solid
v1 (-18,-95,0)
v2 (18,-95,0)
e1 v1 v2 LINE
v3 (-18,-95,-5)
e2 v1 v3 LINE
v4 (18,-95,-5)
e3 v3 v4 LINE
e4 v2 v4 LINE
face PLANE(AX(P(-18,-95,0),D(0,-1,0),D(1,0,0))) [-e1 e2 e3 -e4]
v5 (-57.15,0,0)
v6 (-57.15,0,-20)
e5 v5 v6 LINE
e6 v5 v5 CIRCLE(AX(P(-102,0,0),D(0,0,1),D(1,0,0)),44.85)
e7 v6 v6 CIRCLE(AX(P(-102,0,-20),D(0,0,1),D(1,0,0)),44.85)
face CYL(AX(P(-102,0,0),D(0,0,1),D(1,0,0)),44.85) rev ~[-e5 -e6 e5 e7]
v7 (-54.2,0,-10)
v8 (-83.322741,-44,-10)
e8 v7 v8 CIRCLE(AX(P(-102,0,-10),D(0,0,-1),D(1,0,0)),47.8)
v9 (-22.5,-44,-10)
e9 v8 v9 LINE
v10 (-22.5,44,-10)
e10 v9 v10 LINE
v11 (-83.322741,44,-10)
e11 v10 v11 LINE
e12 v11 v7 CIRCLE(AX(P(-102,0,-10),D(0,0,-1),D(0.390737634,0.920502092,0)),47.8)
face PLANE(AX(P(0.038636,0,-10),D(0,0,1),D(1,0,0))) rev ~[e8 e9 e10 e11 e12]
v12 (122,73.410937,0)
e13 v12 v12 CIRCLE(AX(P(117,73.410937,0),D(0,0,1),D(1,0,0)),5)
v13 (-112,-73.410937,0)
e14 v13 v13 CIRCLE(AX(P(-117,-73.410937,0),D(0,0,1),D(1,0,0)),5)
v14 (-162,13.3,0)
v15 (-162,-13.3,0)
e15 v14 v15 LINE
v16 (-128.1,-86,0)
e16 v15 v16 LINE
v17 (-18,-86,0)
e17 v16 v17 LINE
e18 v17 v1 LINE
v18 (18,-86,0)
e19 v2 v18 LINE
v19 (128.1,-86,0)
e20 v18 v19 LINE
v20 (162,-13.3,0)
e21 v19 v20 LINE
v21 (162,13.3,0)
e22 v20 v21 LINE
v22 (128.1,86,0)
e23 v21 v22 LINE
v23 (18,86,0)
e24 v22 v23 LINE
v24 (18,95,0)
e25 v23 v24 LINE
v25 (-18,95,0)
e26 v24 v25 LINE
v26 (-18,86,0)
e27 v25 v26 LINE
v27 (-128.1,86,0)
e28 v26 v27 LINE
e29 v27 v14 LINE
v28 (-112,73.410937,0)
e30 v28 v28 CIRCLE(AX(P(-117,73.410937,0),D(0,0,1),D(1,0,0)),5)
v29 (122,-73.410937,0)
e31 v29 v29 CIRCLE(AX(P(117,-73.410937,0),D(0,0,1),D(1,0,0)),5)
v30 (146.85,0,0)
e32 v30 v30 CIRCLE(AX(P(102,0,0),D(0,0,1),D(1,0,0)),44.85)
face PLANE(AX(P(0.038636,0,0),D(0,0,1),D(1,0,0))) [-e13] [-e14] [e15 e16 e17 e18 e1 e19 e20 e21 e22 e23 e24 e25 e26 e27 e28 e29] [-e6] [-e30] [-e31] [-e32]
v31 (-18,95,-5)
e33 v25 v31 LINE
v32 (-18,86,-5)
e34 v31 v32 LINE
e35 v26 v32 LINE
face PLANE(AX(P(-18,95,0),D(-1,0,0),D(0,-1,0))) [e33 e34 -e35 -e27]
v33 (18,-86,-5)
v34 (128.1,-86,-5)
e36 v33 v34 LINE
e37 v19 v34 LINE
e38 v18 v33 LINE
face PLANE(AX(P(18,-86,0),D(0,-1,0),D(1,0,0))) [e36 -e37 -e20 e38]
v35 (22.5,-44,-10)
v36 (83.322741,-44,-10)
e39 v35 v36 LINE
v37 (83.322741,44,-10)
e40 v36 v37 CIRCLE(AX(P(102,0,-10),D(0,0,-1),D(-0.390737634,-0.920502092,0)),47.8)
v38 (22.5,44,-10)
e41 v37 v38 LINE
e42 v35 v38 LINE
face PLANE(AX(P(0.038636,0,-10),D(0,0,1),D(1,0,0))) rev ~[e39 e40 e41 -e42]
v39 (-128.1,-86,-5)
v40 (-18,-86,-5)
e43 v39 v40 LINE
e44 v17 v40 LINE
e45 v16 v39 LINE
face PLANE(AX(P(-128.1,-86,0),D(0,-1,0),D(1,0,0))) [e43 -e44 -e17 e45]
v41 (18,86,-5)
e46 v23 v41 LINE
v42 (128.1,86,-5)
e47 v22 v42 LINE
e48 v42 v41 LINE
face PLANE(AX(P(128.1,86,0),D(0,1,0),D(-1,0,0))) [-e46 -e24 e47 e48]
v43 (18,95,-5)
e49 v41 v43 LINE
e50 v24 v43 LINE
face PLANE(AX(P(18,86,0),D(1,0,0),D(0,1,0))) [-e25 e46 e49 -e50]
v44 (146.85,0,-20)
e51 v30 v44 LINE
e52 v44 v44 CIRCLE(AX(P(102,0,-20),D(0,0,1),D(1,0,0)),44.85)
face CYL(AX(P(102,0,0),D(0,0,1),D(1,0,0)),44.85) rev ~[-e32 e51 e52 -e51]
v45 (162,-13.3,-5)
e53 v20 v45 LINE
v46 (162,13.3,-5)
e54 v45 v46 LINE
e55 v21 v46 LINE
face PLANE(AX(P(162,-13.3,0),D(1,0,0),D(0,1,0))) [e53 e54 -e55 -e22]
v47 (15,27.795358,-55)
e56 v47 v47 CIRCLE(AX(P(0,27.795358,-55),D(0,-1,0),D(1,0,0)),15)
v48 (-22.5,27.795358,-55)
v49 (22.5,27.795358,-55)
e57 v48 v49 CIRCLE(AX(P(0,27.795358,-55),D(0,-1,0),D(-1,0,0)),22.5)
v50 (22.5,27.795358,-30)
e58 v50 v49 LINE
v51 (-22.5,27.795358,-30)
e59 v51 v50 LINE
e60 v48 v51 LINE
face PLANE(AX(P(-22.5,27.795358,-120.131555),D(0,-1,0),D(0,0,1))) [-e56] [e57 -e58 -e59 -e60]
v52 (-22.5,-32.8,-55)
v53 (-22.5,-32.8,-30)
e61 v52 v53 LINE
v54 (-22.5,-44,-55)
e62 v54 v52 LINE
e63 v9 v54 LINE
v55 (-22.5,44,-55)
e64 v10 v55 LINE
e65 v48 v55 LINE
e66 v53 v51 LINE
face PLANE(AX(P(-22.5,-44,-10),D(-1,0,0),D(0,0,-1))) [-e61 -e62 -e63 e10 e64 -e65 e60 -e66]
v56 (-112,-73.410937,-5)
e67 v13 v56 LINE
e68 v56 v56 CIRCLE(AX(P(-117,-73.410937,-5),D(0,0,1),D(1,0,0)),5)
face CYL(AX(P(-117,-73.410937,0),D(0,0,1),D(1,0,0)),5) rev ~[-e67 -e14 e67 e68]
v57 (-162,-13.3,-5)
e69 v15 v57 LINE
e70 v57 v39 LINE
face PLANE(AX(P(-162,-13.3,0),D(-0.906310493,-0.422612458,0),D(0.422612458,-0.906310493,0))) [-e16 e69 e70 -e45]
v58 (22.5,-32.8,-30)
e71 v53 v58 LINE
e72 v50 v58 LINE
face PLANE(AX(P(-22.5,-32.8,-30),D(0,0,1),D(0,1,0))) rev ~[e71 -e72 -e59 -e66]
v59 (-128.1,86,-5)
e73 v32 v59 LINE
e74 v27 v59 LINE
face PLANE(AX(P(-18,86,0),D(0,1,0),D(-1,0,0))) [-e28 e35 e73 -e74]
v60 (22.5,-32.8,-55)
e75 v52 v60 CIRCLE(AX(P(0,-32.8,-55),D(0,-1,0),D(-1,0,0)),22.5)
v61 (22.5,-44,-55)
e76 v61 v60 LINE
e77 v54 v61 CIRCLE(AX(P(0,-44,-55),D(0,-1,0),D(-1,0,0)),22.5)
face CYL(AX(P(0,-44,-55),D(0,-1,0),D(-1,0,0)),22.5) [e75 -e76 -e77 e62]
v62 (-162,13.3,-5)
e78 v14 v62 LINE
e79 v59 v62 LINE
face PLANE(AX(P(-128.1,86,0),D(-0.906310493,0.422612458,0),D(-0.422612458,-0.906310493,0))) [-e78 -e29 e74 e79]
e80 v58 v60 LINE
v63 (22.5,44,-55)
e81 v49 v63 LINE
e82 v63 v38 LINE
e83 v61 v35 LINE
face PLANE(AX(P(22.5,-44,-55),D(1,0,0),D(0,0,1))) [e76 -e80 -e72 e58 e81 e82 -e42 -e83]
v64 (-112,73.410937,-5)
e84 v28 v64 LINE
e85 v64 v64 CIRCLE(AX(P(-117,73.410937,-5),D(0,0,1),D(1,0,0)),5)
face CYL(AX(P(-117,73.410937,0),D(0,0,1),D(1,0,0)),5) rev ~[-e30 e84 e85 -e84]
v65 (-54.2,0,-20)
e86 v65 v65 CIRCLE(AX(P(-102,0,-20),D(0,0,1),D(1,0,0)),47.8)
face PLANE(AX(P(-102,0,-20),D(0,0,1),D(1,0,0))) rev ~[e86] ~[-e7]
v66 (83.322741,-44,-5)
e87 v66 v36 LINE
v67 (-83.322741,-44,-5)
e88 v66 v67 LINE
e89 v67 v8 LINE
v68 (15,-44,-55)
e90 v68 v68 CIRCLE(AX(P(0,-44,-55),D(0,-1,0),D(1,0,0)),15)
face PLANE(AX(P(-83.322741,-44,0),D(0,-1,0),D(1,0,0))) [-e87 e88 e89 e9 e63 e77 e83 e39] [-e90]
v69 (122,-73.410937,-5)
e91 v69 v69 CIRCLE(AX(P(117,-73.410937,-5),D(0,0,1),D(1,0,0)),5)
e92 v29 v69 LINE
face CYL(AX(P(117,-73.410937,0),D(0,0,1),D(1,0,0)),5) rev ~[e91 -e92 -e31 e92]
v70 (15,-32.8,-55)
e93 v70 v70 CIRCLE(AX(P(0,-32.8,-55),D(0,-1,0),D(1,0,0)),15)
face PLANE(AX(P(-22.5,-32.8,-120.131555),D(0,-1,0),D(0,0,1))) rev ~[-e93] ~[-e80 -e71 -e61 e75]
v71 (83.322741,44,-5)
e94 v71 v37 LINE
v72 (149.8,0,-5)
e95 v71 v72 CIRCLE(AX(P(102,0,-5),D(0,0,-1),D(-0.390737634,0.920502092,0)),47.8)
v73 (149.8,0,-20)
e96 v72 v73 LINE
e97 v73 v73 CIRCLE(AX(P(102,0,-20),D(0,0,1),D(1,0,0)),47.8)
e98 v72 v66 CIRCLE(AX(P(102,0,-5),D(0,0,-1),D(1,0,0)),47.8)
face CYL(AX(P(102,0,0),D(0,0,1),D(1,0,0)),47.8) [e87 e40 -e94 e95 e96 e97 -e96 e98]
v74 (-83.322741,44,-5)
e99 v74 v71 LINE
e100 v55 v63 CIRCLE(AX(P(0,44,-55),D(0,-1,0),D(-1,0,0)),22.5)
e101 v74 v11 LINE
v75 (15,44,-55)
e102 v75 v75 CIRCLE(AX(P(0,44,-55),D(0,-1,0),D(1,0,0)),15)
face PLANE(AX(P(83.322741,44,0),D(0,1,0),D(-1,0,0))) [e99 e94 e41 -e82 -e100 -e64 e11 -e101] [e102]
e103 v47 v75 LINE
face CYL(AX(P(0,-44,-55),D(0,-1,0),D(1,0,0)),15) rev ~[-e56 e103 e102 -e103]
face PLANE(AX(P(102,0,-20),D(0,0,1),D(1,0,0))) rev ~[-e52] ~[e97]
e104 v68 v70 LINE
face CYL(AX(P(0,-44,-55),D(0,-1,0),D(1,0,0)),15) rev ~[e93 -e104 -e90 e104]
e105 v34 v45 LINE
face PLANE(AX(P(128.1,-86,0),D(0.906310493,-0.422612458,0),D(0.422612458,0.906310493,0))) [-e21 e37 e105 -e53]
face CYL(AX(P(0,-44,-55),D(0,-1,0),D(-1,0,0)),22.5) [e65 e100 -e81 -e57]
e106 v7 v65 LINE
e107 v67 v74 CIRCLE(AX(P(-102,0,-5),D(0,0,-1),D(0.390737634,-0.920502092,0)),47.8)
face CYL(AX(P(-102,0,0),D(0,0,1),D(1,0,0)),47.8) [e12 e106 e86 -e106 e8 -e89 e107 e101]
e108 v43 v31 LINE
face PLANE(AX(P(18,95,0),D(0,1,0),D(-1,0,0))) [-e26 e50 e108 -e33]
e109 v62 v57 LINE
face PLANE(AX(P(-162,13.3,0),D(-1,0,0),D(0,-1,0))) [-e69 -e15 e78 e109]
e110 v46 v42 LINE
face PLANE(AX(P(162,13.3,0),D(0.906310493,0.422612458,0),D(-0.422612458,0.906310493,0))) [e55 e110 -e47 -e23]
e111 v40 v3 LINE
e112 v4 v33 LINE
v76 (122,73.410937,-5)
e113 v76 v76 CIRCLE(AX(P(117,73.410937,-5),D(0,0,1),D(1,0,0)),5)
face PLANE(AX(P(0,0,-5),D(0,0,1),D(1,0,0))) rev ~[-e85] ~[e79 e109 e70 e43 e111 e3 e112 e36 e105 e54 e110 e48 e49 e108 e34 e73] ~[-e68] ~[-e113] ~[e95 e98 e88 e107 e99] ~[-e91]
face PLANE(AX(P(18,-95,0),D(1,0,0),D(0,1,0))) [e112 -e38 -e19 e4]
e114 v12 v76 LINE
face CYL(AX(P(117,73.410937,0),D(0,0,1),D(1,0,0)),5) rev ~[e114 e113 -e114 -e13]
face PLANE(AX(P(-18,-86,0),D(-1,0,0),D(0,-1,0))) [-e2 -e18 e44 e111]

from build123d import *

# Parameters (mm, degrees)
SKETCH1_R           = 5
BOSS_EXTRUDE3_DEPTH = 5
BOSS_EXTRUDE4_DEPTH = 10
SKETCH1_6_R         = 47.8
SKETCH1_6_R_2       = 44.85
BOSS_EXTRUDE5_DEPTH = 20
SKETCH2_R           = 15
BOSS_EXTRUDE6_DEPTH = 88
SKETCH3_W           = 90.131554877
SKETCH3_H           = 60.595357862
CUT_EXTRUDE1_DEPTH  = 57


with BuildPart() as part:
    # Sketch1 → Boss-Extrude3 (new body)
    with BuildSketch(Plane.XY):
        Polygon((-18, 86), (-128.1, 86), (-162, 13.3), (-162, -13.3), (-128.1, -86), (-18, -86), (-18, -95), (18, -95), (18, -86), (128.1, -86), (162, -13.3), (162, 13.3), (128.1, 86), (18, 86), (18, 95), (-18, 95), align=None)
        with Locations((-117, -73.410936815)):
            Circle(SKETCH1_R, mode=Mode.SUBTRACT)
        with Locations((117, -73.410936815)):
            Circle(SKETCH1_R, mode=Mode.SUBTRACT)
        with BuildLine():
            ThreePointArc((-83.3227411, -44), (-149.8, 0), (-83.3227411, 44))
            Line((-83.3227411, 44), (83.3227411, 44))
            ThreePointArc((83.3227411, 44), (128.382447049, 39.85983552), (149.8, 0))
            ThreePointArc((149.8, 0), (128.382447049, -39.85983552), (83.3227411, -44))
            Line((83.3227411, -44), (-83.3227411, -44))
        make_face(mode=Mode.SUBTRACT)
        with Locations((-117, 73.410936815)):
            Circle(SKETCH1_R, mode=Mode.SUBTRACT)
        with Locations((117, 73.410936815)):
            Circle(SKETCH1_R, mode=Mode.SUBTRACT)
    extrude(amount=-BOSS_EXTRUDE3_DEPTH)

    # Sketch1<5> → Boss-Extrude4 (add)
    with BuildSketch(Plane.XY):
        with BuildLine():
            Line((83.3227411, 44), (-83.3227411, 44))
            ThreePointArc((-83.3227411, 44), (-62.14016448, 26.382447049), (-54.2, 0))
            ThreePointArc((-54.2, 0), (-62.14016448, -26.382447049), (-83.3227411, -44))
            Line((-83.3227411, -44), (83.3227411, -44))
            ThreePointArc((83.3227411, -44), (54.2, 0), (83.3227411, 44))
        make_face()
    extrude(amount=-BOSS_EXTRUDE4_DEPTH)

    # Sketch1<6> → Boss-Extrude5 (add)
    # profile 1 of 2: a face of its own
    with BuildSketch(Plane.XY):
        with Locations((102, 0)):
            Circle(SKETCH1_6_R)
        with Locations((102, 0)):
            Circle(SKETCH1_6_R_2, mode=Mode.SUBTRACT)
    # profile 2 of 2: a face of its own
    with BuildSketch(Plane.XY):
        with Locations((-102, 0)):
            Circle(SKETCH1_6_R)
        with Locations((-102, 0)):
            Circle(SKETCH1_6_R_2, mode=Mode.SUBTRACT)
    extrude(amount=-BOSS_EXTRUDE5_DEPTH)

    # Sketch2 → Boss-Extrude6 (add)
    with BuildSketch(Plane.XZ.offset(44)):
        with BuildLine():
            Line((22.5, -55), (22.5, -10))
            Line((22.5, -10), (-22.5, -10))
            Line((-22.5, -10), (-22.5, -55))
            ThreePointArc((-22.5, -55), (0, -77.5), (22.5, -55))
        make_face()
        with Locations((0, -55)):
            Circle(SKETCH2_R, mode=Mode.SUBTRACT)
    extrude(amount=-BOSS_EXTRUDE6_DEPTH)

    # Sketch3 → Cut-Extrude1 (cut)
    with BuildSketch(Plane.ZY.offset(22.5)):
        with Locations((-75.065777439, -2.502321069)):
            Rectangle(SKETCH3_W, SKETCH3_H)
    extrude(amount=-CUT_EXTRUDE1_DEPTH, mode=Mode.SUBTRACT)


solid = part.part
